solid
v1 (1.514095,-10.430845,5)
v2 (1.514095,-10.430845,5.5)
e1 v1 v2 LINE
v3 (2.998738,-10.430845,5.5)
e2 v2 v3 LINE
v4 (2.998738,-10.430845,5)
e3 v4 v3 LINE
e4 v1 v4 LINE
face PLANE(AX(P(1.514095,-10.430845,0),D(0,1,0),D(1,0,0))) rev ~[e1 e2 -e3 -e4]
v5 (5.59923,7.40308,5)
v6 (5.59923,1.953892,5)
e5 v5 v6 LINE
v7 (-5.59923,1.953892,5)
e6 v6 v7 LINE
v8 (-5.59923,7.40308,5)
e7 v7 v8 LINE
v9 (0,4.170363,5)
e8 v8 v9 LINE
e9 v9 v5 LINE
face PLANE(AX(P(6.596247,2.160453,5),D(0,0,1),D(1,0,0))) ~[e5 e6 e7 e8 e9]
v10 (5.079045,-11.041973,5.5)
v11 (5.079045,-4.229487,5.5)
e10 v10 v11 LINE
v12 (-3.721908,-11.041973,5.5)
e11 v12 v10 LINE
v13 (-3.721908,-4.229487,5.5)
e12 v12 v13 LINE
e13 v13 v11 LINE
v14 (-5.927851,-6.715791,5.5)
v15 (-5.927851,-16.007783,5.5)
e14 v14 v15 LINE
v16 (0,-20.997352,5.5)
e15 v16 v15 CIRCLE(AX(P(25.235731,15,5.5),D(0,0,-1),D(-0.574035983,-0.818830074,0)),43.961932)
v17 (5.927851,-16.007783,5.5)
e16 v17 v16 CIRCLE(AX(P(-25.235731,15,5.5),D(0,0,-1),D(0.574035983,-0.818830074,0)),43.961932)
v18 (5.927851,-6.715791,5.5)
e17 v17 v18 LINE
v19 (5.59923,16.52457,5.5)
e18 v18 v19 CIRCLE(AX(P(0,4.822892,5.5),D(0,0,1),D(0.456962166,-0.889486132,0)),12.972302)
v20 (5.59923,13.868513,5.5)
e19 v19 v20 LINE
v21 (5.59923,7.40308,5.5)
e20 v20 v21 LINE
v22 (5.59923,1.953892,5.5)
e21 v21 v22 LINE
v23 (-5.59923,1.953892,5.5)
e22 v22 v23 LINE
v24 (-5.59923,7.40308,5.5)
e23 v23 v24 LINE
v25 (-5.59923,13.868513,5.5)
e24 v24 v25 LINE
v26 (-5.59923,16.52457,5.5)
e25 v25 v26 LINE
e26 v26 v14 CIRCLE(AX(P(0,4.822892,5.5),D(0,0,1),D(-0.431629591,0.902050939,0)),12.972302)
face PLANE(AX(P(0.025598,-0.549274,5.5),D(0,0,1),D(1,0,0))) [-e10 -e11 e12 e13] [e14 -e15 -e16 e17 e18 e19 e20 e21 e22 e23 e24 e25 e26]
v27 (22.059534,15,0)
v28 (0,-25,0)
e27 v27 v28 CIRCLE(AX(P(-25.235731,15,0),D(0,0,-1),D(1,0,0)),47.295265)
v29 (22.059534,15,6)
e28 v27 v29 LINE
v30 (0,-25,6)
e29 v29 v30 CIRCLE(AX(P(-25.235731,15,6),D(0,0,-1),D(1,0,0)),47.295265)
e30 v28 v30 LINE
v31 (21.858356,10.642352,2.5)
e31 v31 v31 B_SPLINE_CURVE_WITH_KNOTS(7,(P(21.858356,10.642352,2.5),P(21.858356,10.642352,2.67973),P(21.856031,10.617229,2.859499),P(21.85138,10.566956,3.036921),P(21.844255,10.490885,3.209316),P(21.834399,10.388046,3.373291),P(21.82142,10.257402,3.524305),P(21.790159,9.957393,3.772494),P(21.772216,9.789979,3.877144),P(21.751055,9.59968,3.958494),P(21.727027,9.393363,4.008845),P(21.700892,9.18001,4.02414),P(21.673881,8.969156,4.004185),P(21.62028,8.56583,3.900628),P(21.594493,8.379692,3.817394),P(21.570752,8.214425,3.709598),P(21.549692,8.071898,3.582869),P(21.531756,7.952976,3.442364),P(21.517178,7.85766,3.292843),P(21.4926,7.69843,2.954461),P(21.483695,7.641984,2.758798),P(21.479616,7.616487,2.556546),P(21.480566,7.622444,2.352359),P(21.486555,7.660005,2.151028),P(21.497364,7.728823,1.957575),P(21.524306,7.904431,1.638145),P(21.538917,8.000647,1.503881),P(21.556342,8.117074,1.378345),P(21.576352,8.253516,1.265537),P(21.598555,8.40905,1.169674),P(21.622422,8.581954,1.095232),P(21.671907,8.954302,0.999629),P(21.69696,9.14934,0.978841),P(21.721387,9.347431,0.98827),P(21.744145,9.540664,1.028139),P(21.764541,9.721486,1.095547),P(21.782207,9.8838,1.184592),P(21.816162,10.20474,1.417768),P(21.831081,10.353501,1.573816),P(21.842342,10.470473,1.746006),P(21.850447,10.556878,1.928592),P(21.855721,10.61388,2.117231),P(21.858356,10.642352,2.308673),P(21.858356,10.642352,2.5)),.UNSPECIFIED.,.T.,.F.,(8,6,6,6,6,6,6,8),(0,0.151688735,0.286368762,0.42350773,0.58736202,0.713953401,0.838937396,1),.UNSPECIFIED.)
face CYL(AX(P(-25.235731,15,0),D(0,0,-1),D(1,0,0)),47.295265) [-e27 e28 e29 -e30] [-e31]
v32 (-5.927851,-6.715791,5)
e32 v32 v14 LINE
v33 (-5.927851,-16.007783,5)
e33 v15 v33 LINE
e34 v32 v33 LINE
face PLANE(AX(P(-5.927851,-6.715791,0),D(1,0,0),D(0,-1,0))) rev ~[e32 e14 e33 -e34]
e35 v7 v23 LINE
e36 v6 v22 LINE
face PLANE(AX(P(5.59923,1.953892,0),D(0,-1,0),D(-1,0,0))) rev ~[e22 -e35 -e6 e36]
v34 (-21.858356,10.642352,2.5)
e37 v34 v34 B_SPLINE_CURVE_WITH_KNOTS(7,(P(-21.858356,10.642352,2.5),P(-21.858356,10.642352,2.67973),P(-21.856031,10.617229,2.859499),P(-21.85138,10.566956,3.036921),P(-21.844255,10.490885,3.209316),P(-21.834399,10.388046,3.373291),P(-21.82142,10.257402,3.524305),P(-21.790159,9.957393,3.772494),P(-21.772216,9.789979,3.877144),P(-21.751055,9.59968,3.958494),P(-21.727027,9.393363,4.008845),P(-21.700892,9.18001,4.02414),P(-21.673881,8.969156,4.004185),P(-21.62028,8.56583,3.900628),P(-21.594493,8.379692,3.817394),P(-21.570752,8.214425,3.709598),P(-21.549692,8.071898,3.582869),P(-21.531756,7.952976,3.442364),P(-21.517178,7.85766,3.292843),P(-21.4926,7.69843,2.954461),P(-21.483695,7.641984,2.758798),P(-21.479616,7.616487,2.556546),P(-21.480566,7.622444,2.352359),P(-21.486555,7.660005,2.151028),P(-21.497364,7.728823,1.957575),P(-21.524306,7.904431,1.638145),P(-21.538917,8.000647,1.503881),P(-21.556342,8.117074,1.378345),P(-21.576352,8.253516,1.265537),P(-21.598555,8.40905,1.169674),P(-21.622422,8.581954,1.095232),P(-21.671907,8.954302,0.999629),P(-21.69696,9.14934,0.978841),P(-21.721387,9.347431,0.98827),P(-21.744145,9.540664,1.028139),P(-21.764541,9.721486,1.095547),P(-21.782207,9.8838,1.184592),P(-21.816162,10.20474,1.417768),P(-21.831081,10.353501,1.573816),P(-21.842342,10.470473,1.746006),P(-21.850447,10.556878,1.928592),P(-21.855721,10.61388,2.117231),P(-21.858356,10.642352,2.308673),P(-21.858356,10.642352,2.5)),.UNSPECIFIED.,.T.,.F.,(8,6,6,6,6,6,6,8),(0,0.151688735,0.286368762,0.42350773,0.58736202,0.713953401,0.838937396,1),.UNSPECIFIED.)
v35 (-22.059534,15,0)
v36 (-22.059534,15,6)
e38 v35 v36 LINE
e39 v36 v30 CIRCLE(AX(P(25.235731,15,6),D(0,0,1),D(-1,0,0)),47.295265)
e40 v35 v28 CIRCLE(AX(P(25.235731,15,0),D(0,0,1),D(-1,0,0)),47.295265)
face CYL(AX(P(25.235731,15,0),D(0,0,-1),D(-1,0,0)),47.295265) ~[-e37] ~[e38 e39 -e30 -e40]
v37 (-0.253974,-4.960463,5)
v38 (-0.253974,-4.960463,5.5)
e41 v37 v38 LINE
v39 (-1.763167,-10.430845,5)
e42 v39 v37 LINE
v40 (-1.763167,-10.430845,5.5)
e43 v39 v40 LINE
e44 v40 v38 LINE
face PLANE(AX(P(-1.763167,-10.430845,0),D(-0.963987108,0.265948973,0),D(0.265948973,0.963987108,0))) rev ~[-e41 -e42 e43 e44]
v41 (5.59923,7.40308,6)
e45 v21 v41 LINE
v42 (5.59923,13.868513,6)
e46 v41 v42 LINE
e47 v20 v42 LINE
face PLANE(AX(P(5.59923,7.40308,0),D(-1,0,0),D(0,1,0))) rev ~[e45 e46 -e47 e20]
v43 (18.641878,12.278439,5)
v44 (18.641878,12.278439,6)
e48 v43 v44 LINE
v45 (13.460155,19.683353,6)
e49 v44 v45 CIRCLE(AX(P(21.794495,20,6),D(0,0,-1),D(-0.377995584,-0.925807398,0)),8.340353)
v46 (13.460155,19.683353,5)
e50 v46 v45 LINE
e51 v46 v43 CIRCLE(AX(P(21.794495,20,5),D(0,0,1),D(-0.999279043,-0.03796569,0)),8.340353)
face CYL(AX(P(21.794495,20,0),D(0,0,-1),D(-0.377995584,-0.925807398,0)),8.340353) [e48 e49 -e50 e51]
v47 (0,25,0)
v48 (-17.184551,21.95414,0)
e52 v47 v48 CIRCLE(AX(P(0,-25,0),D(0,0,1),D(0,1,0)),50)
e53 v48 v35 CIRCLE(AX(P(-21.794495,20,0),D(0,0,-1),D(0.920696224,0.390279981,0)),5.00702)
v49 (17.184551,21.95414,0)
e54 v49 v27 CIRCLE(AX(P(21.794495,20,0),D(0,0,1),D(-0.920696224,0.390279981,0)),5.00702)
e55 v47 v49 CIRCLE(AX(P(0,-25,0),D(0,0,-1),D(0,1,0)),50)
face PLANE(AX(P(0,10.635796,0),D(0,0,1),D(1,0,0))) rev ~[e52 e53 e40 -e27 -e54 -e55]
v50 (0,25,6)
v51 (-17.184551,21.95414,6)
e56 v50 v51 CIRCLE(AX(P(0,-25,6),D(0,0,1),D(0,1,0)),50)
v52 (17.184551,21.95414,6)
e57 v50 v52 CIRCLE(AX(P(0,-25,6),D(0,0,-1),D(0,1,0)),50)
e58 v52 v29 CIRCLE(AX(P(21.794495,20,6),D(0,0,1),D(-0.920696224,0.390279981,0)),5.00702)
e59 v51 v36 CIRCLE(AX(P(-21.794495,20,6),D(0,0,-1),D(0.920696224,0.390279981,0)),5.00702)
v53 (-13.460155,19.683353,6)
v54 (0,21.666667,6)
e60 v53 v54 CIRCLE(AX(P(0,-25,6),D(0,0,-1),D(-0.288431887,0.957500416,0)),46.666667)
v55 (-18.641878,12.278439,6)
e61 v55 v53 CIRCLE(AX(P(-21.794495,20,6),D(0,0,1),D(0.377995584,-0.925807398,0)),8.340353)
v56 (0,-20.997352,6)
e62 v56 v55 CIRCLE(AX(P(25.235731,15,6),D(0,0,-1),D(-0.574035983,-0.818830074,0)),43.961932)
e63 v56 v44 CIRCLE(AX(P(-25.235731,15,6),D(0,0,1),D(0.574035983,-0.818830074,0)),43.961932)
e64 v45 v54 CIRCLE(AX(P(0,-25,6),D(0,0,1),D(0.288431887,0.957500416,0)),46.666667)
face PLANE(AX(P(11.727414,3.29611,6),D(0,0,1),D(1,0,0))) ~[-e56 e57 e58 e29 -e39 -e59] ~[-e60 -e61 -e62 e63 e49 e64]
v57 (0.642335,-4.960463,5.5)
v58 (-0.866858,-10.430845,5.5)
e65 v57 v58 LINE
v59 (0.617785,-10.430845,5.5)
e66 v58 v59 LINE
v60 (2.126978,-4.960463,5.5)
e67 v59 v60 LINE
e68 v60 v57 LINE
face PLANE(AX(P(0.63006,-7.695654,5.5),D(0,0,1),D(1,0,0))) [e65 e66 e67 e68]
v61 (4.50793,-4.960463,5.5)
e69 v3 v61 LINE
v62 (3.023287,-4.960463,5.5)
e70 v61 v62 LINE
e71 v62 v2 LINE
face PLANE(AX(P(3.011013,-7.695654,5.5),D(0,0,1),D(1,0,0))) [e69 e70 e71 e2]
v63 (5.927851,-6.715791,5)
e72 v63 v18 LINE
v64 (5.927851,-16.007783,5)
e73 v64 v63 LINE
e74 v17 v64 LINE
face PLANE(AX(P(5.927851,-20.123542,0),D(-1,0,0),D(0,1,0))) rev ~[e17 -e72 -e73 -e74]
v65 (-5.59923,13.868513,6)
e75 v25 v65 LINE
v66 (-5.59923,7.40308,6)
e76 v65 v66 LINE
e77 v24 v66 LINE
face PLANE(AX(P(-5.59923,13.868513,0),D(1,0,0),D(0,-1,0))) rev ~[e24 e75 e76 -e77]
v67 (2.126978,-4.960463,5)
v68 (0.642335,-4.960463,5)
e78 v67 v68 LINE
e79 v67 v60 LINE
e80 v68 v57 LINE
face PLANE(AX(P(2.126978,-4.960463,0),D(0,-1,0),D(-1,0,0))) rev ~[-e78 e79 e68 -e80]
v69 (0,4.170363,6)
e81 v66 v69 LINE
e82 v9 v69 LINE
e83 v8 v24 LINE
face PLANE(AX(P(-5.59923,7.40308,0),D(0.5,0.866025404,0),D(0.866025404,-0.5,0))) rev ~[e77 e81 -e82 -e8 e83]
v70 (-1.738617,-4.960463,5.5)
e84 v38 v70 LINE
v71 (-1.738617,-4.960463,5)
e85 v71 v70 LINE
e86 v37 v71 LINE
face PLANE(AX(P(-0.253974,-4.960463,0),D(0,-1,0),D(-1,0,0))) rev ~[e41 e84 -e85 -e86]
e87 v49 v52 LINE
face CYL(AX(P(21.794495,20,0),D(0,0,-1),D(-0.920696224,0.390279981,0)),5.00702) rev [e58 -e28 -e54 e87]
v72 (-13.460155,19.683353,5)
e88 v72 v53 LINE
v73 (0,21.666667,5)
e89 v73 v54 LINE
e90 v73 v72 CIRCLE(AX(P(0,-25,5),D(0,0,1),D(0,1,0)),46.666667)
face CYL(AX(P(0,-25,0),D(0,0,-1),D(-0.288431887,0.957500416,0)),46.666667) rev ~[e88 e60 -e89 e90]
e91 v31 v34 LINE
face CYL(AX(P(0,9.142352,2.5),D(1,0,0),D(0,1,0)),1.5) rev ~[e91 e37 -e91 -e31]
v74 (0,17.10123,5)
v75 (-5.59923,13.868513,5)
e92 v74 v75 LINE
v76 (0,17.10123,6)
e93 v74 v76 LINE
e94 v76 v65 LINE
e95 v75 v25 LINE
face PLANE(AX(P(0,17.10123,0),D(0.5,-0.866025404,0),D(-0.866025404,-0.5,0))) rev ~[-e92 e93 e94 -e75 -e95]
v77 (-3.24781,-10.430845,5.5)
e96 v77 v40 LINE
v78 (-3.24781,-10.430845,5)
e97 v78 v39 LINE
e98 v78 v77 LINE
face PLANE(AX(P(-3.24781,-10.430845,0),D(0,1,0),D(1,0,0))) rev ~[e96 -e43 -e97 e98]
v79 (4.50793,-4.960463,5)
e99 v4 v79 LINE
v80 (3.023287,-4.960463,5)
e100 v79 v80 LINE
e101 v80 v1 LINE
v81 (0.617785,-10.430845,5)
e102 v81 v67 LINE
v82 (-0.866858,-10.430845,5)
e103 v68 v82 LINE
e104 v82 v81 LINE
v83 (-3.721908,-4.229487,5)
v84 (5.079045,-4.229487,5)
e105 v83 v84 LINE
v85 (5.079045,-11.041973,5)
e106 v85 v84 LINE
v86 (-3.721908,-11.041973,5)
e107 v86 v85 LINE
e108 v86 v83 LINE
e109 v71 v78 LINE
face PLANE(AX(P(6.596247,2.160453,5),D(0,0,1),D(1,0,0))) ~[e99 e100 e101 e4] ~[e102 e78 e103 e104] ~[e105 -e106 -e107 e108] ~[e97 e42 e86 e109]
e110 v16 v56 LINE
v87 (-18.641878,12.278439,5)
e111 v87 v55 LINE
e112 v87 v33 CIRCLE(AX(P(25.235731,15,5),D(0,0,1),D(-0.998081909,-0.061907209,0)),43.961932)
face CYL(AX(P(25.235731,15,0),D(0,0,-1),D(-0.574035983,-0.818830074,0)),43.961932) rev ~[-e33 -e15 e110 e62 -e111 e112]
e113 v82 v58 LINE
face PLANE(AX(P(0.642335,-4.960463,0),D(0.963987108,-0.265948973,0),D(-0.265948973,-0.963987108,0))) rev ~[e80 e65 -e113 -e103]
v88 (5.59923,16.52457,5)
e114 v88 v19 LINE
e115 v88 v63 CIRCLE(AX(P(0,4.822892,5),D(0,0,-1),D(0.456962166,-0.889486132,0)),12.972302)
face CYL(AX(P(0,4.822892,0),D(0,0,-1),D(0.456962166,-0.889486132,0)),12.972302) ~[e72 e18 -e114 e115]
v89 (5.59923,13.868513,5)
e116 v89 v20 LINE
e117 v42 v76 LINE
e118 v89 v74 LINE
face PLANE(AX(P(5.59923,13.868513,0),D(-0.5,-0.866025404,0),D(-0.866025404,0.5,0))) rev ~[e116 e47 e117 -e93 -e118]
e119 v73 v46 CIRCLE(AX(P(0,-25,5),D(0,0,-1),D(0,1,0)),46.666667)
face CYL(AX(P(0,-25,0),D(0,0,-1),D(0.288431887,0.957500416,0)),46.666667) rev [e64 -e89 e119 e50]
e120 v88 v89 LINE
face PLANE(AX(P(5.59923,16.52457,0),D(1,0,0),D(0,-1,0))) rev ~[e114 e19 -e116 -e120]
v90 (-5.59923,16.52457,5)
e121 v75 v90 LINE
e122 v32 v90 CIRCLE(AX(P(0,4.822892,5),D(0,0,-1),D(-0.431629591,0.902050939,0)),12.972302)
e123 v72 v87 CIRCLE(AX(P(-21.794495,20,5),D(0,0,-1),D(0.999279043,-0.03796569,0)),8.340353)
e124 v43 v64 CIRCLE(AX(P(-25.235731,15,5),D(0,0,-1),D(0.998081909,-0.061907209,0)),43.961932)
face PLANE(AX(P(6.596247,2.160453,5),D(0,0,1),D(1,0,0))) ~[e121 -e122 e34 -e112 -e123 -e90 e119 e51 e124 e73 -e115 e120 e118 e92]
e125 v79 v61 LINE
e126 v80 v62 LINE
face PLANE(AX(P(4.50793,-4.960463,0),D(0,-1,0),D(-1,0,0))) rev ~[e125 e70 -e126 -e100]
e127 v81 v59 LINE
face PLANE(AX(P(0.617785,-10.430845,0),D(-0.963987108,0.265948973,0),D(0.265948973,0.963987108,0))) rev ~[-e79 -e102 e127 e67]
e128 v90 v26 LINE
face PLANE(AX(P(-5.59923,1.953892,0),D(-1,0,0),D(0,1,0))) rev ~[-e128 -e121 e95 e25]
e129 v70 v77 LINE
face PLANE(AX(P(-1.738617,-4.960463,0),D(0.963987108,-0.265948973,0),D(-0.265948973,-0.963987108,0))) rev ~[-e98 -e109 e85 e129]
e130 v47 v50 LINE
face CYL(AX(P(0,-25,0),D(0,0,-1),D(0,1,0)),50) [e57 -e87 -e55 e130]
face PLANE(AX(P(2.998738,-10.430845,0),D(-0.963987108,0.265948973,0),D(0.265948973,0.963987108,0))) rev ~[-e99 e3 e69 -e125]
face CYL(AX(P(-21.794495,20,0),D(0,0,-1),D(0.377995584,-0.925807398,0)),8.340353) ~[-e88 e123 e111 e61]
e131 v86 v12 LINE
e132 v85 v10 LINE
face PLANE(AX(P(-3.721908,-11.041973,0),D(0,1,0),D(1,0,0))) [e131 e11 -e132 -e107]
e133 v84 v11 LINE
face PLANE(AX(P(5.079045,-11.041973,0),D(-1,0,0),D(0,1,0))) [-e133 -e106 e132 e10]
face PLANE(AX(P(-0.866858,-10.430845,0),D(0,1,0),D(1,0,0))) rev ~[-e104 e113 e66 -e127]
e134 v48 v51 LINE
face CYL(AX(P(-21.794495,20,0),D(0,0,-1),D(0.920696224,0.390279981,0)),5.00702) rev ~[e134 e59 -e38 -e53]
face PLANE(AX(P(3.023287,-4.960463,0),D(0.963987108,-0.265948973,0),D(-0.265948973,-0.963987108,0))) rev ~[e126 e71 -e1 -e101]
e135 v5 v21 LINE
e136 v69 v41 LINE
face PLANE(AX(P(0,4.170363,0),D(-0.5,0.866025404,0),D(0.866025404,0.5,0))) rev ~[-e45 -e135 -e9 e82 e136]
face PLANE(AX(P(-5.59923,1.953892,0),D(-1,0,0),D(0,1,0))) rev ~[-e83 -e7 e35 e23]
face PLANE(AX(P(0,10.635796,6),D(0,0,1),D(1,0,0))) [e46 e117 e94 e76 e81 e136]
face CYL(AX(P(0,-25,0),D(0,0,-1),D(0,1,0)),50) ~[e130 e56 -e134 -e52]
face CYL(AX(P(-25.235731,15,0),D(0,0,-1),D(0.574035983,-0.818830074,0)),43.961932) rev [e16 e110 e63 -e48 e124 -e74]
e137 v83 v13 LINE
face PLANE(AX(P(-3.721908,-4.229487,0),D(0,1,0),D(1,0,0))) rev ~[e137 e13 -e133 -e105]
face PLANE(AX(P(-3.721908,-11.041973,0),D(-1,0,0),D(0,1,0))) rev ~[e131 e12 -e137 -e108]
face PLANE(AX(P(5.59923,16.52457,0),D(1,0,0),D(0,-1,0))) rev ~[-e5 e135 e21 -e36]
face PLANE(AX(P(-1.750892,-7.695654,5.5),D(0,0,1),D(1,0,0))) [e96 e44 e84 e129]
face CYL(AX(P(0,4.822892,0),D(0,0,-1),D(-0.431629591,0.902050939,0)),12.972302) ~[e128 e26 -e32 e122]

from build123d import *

# Parameters (mm, degrees)
F3_DEPTH       = 6
F4_DEPTH       = 5
F7_W           = 8.8009524625
F7_H           = 6.8124858662
F8_DEPTH       = 5.5
F9_DEPTH       = 6
F10_R          = 1.5
F11_DEPTH      = 22.0605344206
F11_DEPTH_BACK = 22.0605344206


with BuildPart() as f3:
    # F2 (on Top) → F3 (new body)
    with BuildSketch(Plane.XY):
        with BuildLine():
            Line((0, 21.6666666667), (0, 25))
            ThreePointArc((0, 25), (-8.7261968456, 24.2326465733), (-17.1845506091, 21.9541395445))
            ThreePointArc((-17.1845506091, 21.9541395445), (-17.6945480382, 17.1258595599), (-22.0595344206, 15))
            ThreePointArc((-22.0595344206, 15), (-16.1790775021, -7.8397846906), (0, -25))
            Line((0, -25), (0, -20.9973518952))
            ThreePointArc((0, -20.9973518952), (-13.1176654632, -6.4864713134), (-18.6418781092, 12.2784394807))
            ThreePointArc((-18.6418781092, 12.2784394807), (-14.9610674668, 15.2181844096), (-13.460154741, 19.6833527404))
            ThreePointArc((-13.460154741, 19.6833527404), (-6.8027439277, 21.1681757581), (0, 21.6666666667))
        make_face()
    extrude(amount=F3_DEPTH)

    # F2 (on Top) → F4 (join)
    with BuildSketch(Plane.XY):
        with BuildLine():
            Line((0, -20.9973518952), (0, 21.6666666667))
            ThreePointArc((0, 21.6666666667), (-6.8027439277, 21.1681757581), (-13.460154741, 19.6833527404))
            ThreePointArc((-13.460154741, 19.6833527404), (-14.9610674668, 15.2181844096), (-18.6418781092, 12.2784394807))
            ThreePointArc((-18.6418781092, 12.2784394807), (-13.1176654632, -6.4864713134), (0, -20.9973518952))
        make_face()
    extrude(amount=F4_DEPTH)

    # F5: F3 across plane


with BuildPart() as f3_1:
    add(f3.part)
    add(f3.part.mirror(Plane.YZ))

    # F7 (on Top) → F8 (join)
    with BuildSketch(Plane.XY):
        with BuildLine():
            Line((5.5992295966, 16.5245700628), (5.5992295966, 13.8685129642))
            Line((5.5992295966, 13.8685129642), (5.5992295966, 7.4030795346))
            Line((5.5992295966, 7.4030795346), (5.5992295966, 1.9538915054))
            Line((5.5992295966, 1.9538915054), (-5.5992295966, 1.9538915054))
            Line((-5.5992295966, 1.9538915054), (-5.5992295966, 7.4030795346))
            Line((-5.5992295966, 7.4030795346), (-5.5992295966, 13.8685129642))
            Line((-5.5992295966, 13.8685129642), (-5.5992295966, 16.5245700628))
            ThreePointArc((-5.5992295966, 16.5245700628), (-12.9710057836, 5.0063042214), (-5.9278514236, -6.7157906769))
            Line((-5.9278514236, -6.7157906769), (-5.9278514236, -19.3214993029))
            Line((-5.9278514236, -19.3214993029), (0, -23.4193839133))
            Line((0, -23.4193839133), (5.9278514236, -20.1235420135))
            Line((5.9278514236, -20.1235420135), (5.9278514236, -6.7157906769))
            ThreePointArc((5.9278514236, -6.7157906769), (12.9710057836, 5.0063042214), (5.5992295966, 16.5245700628))
        make_face()
        with Locations((0.6785687292, -7.6357298531)):
            Rectangle(F7_W, F7_H, mode=Mode.SUBTRACT)
        Polygon((-1.7386174295, -4.9604633823), (-3.247810062, -10.4308445007), (-1.7631669762, -10.4308445007), (-0.2539743437, -4.9604633823), align=None)
        Polygon((0.6177854048, -10.4308445007), (2.1269780373, -4.9604633823), (0.6423349514, -4.9604633823), (-0.8668576811, -10.4308445007), align=None)
        Polygon((2.9987377857, -10.4308445007), (4.5079304183, -4.9604633823), (3.0232873324, -4.9604633823), (1.5140946999, -10.4308445007), align=None)
    extrude(amount=F8_DEPTH)

    # F7 (on Top) → F9 (join)
    with BuildSketch(Plane.XY):
        Polygon((5.5992295966, 7.4030795346), (5.5992295966, 13.8685129642), (0, 17.1012296791), (-5.5992295966, 13.8685129642), (-5.5992295966, 7.4030795346), (0, 4.1703628198), align=None)
    extrude(amount=F9_DEPTH)

    # F10 (on Right) → F11 (cut, two sides)
    with BuildSketch(Plane.YZ) as f11_sk:
        with Locations((9.1423522681, 2.5)):
            Circle(F10_R)
    extrude(amount=-F11_DEPTH, mode=Mode.SUBTRACT)
    extrude(f11_sk.sketch, amount=F11_DEPTH_BACK, mode=Mode.SUBTRACT)


solid = f3_1.part
